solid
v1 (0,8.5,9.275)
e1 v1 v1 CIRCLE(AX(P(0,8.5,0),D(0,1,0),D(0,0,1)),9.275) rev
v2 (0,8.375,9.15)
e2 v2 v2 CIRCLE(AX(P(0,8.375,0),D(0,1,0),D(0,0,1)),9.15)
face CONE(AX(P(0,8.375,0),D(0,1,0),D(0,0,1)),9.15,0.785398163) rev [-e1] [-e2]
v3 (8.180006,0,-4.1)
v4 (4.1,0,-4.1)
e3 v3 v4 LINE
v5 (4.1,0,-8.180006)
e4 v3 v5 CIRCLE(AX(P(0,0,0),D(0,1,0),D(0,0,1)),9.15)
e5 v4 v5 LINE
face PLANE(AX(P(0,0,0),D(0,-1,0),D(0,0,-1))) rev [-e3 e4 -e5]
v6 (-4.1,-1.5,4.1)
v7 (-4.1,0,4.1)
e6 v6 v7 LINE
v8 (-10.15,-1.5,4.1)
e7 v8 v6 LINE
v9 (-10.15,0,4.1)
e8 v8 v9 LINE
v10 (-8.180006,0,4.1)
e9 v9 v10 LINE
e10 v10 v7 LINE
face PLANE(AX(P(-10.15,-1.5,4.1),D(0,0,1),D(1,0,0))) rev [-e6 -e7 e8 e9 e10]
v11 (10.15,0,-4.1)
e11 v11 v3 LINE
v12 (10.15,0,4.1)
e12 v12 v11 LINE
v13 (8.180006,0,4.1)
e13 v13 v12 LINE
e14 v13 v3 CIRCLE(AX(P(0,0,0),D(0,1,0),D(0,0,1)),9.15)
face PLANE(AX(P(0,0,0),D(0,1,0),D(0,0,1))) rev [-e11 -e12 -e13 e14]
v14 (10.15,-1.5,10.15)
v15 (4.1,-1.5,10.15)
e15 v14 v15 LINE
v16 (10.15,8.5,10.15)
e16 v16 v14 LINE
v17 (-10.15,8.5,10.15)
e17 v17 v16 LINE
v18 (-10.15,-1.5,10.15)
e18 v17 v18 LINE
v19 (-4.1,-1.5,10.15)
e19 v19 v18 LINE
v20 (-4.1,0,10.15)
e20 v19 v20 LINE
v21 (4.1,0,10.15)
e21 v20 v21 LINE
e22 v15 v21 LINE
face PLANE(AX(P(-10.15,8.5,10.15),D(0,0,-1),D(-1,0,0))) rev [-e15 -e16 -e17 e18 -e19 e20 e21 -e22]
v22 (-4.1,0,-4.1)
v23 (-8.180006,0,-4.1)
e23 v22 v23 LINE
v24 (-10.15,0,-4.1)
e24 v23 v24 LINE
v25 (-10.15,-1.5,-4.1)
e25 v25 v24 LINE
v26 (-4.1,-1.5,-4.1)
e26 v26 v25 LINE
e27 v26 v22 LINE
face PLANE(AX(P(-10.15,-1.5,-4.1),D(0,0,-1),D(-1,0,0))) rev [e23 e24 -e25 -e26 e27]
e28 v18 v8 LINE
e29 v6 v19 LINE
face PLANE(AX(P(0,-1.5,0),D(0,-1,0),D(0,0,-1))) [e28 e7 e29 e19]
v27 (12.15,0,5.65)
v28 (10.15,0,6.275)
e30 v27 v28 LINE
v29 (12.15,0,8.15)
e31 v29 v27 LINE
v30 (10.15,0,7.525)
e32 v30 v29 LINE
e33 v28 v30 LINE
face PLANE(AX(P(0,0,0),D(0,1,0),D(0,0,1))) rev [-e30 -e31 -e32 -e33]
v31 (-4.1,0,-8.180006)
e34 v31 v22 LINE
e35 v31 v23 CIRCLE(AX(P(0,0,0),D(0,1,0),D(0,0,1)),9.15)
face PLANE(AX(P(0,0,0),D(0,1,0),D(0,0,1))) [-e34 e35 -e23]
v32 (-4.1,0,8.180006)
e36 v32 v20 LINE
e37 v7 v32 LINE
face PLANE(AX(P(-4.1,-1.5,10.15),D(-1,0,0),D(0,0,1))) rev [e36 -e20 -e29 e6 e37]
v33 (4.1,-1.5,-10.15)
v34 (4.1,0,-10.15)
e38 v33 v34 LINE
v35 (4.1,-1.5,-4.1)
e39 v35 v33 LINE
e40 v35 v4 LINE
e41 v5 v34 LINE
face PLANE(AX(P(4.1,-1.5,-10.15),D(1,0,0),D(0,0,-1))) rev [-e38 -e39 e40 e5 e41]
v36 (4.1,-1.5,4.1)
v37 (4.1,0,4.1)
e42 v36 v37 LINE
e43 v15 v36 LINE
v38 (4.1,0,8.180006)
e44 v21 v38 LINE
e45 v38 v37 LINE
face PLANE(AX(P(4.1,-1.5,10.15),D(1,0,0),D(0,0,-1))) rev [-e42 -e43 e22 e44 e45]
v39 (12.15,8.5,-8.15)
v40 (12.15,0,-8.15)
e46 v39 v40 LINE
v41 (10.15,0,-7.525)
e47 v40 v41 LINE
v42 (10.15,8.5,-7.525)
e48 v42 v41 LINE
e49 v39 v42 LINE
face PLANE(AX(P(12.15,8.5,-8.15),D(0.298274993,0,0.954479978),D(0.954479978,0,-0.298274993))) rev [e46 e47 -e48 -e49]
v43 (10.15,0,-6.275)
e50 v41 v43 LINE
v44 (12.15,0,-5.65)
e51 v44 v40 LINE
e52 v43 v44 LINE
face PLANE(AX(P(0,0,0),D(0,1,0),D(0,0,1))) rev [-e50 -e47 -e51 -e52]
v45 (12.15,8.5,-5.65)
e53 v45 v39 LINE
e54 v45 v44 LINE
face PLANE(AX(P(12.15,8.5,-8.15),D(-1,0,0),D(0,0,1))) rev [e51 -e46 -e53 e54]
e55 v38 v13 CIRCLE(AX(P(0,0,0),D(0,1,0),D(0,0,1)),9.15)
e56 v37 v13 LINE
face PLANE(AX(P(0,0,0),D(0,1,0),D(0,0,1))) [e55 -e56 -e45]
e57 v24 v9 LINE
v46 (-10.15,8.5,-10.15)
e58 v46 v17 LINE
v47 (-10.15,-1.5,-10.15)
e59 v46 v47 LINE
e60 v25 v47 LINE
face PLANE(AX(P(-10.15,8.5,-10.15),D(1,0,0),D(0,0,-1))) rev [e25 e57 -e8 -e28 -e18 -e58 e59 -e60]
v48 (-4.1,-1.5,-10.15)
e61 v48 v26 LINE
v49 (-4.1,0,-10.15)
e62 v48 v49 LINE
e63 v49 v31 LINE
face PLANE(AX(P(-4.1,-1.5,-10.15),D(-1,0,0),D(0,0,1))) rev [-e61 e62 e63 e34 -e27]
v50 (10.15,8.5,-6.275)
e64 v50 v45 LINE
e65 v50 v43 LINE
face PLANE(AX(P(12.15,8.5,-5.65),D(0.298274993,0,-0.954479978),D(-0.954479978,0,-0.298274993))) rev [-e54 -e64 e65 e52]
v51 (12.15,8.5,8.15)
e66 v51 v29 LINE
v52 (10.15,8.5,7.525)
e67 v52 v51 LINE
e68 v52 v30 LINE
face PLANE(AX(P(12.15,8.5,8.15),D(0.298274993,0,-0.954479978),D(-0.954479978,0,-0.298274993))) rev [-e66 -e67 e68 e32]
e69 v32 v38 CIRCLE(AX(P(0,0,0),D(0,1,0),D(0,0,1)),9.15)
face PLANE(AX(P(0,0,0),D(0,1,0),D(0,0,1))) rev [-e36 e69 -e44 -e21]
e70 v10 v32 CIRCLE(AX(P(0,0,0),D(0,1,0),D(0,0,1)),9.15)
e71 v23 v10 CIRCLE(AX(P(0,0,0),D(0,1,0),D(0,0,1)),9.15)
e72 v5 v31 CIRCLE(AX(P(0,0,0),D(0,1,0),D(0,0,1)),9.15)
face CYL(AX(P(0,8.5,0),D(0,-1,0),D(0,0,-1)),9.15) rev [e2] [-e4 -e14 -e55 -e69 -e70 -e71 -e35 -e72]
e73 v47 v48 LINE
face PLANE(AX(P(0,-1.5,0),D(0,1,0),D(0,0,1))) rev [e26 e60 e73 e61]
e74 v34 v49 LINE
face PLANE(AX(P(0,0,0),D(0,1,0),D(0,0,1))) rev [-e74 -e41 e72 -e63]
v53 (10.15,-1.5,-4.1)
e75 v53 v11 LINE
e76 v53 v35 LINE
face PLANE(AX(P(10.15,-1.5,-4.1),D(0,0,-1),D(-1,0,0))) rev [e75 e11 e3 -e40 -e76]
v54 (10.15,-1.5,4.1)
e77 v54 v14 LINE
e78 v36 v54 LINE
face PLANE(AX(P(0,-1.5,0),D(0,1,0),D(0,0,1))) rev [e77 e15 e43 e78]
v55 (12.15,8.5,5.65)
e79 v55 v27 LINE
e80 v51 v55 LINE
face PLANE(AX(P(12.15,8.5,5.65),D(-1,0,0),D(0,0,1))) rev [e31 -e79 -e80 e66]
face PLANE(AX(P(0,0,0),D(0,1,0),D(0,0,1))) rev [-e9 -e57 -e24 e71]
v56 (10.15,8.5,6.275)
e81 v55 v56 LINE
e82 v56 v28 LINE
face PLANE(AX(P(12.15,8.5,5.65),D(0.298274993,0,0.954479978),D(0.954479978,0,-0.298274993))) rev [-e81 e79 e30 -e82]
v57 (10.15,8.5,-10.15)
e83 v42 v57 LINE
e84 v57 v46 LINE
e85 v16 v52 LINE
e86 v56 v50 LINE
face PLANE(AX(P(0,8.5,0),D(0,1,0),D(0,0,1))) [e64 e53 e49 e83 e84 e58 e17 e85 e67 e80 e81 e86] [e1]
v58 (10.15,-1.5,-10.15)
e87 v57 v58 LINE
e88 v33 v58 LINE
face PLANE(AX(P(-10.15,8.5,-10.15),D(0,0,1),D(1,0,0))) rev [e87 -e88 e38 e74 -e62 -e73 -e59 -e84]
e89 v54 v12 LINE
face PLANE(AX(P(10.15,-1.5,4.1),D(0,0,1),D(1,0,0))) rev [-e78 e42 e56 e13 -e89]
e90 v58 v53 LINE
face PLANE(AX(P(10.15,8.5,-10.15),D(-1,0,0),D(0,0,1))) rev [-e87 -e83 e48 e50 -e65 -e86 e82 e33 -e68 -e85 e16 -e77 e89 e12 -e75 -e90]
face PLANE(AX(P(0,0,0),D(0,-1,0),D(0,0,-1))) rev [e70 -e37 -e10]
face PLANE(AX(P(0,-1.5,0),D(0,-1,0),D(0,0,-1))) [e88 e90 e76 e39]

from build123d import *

# Parameters (mm, degrees)
SKETCH1_R              = 9.15
CELL_HOLDER_DEPTH      = 8.5
SKETCH2_W              = 6.05
SKETCH2_H              = 6.05
BOTTOM_BASE_BOSS_DEPTH = 1.5
CHAMFER1_SIZE          = 0.125


with BuildPart() as part:
    # Sketch1 → Cell Holder (new body)
    with BuildSketch(Plane(origin=(0, 0, 0), x_dir=(1, 0, 0), z_dir=(0, 1, 0))):
        Polygon((12.15, 8.15), (12.15, 5.65), (10.15, 6.275), (10.15, -6.275), (12.15, -5.65), (12.15, -8.15), (10.15, -7.525), (10.15, -10.15), (-10.15, -10.15), (-10.15, 10.15), (10.15, 10.15), (10.15, 7.525), align=None)
        with Locations(Location((0, 0, 0), (0, 0, 270))):
            Circle(SKETCH1_R, mode=Mode.SUBTRACT)
    extrude(amount=CELL_HOLDER_DEPTH)

    # Sketch2 → Bottom Base Boss (add)
    with BuildSketch(Plane.XZ):
        with Locations((-7.125, 7.125)):
            Rectangle(SKETCH2_W, SKETCH2_H)
        with Locations((-7.125, -7.125)):
            Rectangle(SKETCH2_W, SKETCH2_H)
        with Locations((7.125, 7.125)):
            Rectangle(SKETCH2_W, SKETCH2_H)
        with Locations((7.125, -7.125)):
            Rectangle(SKETCH2_W, SKETCH2_H)
    extrude(amount=BOTTOM_BASE_BOSS_DEPTH)

    # Chamfer1
    chamfer1_edges = [part.edges().sort_by_distance(p)[0] for p in [
        (0, 8.5, -9.15),
    ]]
    chamfer(chamfer1_edges, length=CHAMFER1_SIZE)


solid = part.part
